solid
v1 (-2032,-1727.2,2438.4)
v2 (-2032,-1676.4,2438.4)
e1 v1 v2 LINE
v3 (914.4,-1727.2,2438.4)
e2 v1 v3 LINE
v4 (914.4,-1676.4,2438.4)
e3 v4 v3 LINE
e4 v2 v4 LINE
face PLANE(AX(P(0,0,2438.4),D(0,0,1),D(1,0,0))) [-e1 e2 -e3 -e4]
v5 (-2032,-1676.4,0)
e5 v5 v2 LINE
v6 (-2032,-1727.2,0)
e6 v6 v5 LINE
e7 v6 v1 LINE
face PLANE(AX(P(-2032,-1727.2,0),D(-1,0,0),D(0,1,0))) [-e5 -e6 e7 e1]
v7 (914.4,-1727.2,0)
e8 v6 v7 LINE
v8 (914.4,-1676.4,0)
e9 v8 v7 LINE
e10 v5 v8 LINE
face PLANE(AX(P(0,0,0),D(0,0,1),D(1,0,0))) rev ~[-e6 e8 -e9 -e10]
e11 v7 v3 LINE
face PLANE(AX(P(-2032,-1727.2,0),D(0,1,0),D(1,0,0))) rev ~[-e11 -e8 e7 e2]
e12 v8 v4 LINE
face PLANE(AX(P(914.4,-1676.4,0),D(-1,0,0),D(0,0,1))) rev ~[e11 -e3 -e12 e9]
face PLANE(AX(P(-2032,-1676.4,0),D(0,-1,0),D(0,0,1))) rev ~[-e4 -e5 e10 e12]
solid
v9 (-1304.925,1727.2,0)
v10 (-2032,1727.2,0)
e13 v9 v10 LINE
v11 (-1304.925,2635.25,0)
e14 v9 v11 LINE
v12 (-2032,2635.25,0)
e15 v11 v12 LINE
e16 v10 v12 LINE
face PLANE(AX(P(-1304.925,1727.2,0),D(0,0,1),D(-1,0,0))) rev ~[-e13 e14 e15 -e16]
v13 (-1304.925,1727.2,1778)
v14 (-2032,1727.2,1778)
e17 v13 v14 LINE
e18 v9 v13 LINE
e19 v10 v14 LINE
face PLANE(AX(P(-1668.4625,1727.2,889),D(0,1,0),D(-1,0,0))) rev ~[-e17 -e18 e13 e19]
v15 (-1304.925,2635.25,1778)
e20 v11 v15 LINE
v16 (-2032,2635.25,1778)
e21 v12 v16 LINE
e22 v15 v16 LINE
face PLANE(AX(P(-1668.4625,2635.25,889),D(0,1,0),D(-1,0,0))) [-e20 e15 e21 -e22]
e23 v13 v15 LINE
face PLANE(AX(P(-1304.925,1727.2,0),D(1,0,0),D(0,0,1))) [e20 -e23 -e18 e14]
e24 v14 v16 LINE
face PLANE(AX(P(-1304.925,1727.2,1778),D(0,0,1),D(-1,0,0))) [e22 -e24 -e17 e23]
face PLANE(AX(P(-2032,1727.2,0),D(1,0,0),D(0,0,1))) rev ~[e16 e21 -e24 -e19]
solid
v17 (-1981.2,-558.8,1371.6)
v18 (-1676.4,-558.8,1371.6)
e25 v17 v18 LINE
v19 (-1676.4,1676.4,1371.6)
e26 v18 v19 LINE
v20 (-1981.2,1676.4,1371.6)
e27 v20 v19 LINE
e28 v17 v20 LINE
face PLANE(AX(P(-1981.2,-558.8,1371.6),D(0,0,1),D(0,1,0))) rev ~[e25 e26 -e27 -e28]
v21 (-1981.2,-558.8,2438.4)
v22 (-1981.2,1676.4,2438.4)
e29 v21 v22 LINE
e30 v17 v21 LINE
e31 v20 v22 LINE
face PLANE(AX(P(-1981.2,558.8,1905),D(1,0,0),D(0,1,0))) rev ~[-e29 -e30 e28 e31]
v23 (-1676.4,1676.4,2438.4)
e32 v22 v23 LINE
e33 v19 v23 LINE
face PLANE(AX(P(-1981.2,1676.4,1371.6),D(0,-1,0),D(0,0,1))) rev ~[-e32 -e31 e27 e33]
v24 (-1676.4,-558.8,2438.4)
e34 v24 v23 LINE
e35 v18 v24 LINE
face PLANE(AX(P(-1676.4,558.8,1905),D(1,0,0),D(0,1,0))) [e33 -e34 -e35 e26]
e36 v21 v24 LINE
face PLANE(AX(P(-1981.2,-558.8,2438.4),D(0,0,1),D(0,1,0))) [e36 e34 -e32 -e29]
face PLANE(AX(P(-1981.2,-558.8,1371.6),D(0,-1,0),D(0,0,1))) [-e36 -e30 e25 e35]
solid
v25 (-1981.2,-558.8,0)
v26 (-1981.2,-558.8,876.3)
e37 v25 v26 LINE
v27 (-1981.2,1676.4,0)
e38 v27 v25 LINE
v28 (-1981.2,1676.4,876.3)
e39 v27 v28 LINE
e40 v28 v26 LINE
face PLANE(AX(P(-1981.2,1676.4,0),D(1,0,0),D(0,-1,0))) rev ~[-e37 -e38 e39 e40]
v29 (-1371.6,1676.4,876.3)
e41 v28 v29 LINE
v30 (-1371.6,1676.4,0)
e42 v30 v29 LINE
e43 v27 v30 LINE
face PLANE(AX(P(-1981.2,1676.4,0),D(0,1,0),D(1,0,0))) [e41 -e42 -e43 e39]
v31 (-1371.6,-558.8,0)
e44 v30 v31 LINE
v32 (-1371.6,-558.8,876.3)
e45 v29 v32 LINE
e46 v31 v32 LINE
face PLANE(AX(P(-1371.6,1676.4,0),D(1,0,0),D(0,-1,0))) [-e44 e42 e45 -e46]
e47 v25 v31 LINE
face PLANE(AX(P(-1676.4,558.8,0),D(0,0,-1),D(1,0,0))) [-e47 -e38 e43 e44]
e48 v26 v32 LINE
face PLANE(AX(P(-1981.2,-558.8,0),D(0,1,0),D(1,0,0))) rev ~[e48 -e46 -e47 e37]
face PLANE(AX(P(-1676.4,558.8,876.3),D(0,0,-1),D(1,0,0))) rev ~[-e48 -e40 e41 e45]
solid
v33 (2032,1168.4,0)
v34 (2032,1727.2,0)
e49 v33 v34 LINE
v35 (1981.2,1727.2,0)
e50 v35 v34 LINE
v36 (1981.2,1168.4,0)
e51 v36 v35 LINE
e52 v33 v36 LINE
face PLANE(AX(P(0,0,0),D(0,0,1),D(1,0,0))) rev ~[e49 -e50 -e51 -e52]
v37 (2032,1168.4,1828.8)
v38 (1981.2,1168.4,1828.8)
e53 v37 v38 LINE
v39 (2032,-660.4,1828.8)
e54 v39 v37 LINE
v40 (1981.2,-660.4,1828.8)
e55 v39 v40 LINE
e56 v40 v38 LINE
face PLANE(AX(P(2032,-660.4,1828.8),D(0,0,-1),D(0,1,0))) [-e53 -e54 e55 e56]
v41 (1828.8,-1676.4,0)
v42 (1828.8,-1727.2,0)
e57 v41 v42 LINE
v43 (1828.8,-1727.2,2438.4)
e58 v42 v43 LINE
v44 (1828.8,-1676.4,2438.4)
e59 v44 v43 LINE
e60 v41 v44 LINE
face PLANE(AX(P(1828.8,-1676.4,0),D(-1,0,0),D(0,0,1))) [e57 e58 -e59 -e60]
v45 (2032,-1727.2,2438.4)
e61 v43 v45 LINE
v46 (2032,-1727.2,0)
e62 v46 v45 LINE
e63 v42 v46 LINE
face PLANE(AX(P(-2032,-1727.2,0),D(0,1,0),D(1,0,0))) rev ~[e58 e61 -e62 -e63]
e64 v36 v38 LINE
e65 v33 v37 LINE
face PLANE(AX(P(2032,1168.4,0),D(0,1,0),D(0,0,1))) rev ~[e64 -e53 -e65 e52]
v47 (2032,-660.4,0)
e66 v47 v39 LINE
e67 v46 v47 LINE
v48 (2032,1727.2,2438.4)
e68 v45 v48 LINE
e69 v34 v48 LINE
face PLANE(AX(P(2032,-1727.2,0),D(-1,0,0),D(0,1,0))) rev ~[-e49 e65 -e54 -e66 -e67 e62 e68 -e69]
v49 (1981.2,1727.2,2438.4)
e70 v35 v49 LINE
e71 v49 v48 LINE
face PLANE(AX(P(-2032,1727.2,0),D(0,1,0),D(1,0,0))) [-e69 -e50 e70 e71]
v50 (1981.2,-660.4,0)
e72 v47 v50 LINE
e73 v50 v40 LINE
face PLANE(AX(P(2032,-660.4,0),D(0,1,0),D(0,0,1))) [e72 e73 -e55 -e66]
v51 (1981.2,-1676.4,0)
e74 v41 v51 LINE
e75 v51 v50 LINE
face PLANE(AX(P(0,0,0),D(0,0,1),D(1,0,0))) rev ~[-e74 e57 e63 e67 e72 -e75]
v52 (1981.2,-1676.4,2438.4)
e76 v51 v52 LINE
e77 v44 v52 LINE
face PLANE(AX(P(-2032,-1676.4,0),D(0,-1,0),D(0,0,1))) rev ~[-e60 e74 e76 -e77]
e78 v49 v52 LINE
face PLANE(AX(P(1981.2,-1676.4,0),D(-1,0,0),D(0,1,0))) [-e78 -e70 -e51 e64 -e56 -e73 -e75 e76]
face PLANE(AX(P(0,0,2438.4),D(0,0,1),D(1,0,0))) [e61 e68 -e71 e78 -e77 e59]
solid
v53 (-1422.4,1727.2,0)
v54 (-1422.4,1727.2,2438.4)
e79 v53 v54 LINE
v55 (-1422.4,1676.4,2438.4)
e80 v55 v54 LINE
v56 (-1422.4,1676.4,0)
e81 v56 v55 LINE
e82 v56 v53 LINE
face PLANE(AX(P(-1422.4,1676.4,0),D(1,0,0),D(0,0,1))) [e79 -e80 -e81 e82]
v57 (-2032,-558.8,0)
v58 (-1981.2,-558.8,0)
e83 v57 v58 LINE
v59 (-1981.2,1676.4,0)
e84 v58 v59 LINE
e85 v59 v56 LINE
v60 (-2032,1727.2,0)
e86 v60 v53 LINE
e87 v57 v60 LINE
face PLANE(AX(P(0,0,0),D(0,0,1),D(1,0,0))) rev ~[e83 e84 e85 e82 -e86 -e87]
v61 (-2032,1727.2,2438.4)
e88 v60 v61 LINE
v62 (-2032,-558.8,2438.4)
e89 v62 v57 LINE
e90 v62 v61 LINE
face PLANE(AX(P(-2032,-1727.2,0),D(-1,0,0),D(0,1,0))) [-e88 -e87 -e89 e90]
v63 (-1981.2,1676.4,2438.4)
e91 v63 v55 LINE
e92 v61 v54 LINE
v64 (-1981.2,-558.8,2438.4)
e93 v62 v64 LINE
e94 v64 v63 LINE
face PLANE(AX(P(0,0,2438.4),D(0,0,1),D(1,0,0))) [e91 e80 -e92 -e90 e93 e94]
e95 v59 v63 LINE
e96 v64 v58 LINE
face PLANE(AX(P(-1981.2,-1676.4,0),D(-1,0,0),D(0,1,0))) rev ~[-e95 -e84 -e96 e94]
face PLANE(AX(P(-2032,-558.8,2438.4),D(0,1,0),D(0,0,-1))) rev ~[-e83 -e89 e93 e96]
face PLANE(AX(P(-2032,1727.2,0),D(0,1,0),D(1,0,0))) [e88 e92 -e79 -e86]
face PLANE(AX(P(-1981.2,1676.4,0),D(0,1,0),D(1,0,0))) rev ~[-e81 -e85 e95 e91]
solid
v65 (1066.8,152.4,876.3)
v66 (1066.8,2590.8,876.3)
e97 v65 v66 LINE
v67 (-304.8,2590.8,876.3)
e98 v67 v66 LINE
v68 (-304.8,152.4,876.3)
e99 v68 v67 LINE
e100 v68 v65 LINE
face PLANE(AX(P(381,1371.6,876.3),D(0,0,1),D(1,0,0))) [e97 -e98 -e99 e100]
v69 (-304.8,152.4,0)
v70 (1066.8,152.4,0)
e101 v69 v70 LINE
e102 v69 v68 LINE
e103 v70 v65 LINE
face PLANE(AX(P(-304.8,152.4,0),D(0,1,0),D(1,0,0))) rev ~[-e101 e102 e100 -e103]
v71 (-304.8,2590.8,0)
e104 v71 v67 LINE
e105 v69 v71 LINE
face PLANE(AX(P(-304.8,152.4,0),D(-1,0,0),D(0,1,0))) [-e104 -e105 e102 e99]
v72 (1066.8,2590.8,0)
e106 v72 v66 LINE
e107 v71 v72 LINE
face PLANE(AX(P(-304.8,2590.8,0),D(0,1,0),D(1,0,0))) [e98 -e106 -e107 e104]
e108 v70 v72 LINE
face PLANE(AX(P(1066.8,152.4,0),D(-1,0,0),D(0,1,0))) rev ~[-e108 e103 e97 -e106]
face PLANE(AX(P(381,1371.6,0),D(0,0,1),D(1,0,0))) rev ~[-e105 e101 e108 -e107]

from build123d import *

# Parameters (mm, degrees)
F0_W      = 4064
F0_H      = 3454.4
F0_W_2    = 3962.4
F0_H_2    = 3352.8
F1_DEPTH  = 2438.4
F3_DEPTH  = 50.8
F4_W      = 1066.8
F4_H      = 2438.4
F5_DEPTH  = 50.8
F6_W      = 914.4
F6_H      = 2438.4
F7_DEPTH  = 50.8
F8_W      = 1828.8
F8_H      = 1828.8
F9_DEPTH  = 50.8
F11_W     = 609.6
F11_H     = 2235.2
F12_DEPTH = 876.3
F10_W     = 2235.2
F10_H     = 1066.8
F13_DEPTH = 304.8
F14_W     = 2336.8
F14_H     = 2438.4
F15_DEPTH = 50.8
F16_W     = 1371.6
F16_H     = 2438.4
F17_DEPTH = 876.3
F18_W     = 727.075
F18_H     = 1778
F19_DEPTH = 908.05


with BuildPart() as f1:
    # F0 (on Top) → F1 (new body)
    with BuildSketch(Plane.XY):
        Rectangle(F0_W, F0_H)
        Rectangle(F0_W_2, F0_H_2, mode=Mode.SUBTRACT)
    extrude(amount=F1_DEPTH)

    # F2 (on face) → F3 (cut)
    with BuildSketch(Plane(origin=(-2032, 0, 0), x_dir=(0, -1, 0), z_dir=(-1, 0, 0))):
        Polygon((558.8, 0), (1676.4, 0), (1676.4, 2438.4), (1625.6, 2438.4), (558.8, 2438.4), align=None)
    extrude(amount=-F3_DEPTH, mode=Mode.SUBTRACT)

    # F4 (on face) → F5 (cut)
    with BuildSketch(Plane(origin=(0, 1727.2, 0), x_dir=(-1, 0, 0), z_dir=(0, 1, 0))):
        with Locations((-1447.8, 1219.2)):
            Rectangle(F4_W, F4_H)
    extrude(amount=-F5_DEPTH, mode=Mode.SUBTRACT)

    # F6 (on face) → F7 (cut)
    with BuildSketch(Plane(origin=(0, -1676.4, 0), x_dir=(-1, 0, 0), z_dir=(0, 1, 0))):
        with Locations((-1371.6, 1219.2)):
            Rectangle(F6_W, F6_H)
    extrude(amount=-F7_DEPTH, mode=Mode.SUBTRACT)

    # F8 (on face) → F9 (cut)
    with BuildSketch(Plane.YZ.offset(2032)):
        with Locations((254, 914.4)):
            Rectangle(F8_W, F8_H)
    extrude(amount=-F9_DEPTH, mode=Mode.SUBTRACT)

    # F14 (on face) → F15 (cut)
    with BuildSketch(Plane.XZ.offset(-1676.4)):
        with Locations((-254, 1219.2)):
            Rectangle(F14_W, F14_H)
    extrude(amount=-F15_DEPTH, mode=Mode.SUBTRACT)


with BuildPart() as f12:
    # F11 (on face) → F12 (new body)
    with BuildSketch(Plane(origin=(0, 0, 0), x_dir=(1, 0, 0), z_dir=(0, 0, -1))):
        with Locations((-1676.4, -558.8)):
            Rectangle(F11_W, F11_H)
    extrude(amount=-F12_DEPTH)


with BuildPart() as f13:
    # F10 (on face) → F13 (new body)
    with BuildSketch(Plane.YZ.offset(-1981.2)):
        with Locations((558.8, 1905)):
            Rectangle(F10_W, F10_H)
    extrude(amount=F13_DEPTH)


with BuildPart() as f17:
    # F16 (on Top) → F17 (new body)
    with BuildSketch(Plane.XY):
        with Locations((381, 1371.6)):
            Rectangle(F16_W, F16_H)
    extrude(amount=F17_DEPTH)


with BuildPart() as f19:
    # F18 (on face) → F19 (new body)
    with BuildSketch(Plane(origin=(0, 1727.2, 0), x_dir=(-1, 0, 0), z_dir=(0, 1, 0))):
        with Locations((1668.4625, 889)):
            Rectangle(F18_W, F18_H)
    extrude(amount=F19_DEPTH)


solid = Compound([f1.part, f12.part, f13.part, f17.part, f19.part])
